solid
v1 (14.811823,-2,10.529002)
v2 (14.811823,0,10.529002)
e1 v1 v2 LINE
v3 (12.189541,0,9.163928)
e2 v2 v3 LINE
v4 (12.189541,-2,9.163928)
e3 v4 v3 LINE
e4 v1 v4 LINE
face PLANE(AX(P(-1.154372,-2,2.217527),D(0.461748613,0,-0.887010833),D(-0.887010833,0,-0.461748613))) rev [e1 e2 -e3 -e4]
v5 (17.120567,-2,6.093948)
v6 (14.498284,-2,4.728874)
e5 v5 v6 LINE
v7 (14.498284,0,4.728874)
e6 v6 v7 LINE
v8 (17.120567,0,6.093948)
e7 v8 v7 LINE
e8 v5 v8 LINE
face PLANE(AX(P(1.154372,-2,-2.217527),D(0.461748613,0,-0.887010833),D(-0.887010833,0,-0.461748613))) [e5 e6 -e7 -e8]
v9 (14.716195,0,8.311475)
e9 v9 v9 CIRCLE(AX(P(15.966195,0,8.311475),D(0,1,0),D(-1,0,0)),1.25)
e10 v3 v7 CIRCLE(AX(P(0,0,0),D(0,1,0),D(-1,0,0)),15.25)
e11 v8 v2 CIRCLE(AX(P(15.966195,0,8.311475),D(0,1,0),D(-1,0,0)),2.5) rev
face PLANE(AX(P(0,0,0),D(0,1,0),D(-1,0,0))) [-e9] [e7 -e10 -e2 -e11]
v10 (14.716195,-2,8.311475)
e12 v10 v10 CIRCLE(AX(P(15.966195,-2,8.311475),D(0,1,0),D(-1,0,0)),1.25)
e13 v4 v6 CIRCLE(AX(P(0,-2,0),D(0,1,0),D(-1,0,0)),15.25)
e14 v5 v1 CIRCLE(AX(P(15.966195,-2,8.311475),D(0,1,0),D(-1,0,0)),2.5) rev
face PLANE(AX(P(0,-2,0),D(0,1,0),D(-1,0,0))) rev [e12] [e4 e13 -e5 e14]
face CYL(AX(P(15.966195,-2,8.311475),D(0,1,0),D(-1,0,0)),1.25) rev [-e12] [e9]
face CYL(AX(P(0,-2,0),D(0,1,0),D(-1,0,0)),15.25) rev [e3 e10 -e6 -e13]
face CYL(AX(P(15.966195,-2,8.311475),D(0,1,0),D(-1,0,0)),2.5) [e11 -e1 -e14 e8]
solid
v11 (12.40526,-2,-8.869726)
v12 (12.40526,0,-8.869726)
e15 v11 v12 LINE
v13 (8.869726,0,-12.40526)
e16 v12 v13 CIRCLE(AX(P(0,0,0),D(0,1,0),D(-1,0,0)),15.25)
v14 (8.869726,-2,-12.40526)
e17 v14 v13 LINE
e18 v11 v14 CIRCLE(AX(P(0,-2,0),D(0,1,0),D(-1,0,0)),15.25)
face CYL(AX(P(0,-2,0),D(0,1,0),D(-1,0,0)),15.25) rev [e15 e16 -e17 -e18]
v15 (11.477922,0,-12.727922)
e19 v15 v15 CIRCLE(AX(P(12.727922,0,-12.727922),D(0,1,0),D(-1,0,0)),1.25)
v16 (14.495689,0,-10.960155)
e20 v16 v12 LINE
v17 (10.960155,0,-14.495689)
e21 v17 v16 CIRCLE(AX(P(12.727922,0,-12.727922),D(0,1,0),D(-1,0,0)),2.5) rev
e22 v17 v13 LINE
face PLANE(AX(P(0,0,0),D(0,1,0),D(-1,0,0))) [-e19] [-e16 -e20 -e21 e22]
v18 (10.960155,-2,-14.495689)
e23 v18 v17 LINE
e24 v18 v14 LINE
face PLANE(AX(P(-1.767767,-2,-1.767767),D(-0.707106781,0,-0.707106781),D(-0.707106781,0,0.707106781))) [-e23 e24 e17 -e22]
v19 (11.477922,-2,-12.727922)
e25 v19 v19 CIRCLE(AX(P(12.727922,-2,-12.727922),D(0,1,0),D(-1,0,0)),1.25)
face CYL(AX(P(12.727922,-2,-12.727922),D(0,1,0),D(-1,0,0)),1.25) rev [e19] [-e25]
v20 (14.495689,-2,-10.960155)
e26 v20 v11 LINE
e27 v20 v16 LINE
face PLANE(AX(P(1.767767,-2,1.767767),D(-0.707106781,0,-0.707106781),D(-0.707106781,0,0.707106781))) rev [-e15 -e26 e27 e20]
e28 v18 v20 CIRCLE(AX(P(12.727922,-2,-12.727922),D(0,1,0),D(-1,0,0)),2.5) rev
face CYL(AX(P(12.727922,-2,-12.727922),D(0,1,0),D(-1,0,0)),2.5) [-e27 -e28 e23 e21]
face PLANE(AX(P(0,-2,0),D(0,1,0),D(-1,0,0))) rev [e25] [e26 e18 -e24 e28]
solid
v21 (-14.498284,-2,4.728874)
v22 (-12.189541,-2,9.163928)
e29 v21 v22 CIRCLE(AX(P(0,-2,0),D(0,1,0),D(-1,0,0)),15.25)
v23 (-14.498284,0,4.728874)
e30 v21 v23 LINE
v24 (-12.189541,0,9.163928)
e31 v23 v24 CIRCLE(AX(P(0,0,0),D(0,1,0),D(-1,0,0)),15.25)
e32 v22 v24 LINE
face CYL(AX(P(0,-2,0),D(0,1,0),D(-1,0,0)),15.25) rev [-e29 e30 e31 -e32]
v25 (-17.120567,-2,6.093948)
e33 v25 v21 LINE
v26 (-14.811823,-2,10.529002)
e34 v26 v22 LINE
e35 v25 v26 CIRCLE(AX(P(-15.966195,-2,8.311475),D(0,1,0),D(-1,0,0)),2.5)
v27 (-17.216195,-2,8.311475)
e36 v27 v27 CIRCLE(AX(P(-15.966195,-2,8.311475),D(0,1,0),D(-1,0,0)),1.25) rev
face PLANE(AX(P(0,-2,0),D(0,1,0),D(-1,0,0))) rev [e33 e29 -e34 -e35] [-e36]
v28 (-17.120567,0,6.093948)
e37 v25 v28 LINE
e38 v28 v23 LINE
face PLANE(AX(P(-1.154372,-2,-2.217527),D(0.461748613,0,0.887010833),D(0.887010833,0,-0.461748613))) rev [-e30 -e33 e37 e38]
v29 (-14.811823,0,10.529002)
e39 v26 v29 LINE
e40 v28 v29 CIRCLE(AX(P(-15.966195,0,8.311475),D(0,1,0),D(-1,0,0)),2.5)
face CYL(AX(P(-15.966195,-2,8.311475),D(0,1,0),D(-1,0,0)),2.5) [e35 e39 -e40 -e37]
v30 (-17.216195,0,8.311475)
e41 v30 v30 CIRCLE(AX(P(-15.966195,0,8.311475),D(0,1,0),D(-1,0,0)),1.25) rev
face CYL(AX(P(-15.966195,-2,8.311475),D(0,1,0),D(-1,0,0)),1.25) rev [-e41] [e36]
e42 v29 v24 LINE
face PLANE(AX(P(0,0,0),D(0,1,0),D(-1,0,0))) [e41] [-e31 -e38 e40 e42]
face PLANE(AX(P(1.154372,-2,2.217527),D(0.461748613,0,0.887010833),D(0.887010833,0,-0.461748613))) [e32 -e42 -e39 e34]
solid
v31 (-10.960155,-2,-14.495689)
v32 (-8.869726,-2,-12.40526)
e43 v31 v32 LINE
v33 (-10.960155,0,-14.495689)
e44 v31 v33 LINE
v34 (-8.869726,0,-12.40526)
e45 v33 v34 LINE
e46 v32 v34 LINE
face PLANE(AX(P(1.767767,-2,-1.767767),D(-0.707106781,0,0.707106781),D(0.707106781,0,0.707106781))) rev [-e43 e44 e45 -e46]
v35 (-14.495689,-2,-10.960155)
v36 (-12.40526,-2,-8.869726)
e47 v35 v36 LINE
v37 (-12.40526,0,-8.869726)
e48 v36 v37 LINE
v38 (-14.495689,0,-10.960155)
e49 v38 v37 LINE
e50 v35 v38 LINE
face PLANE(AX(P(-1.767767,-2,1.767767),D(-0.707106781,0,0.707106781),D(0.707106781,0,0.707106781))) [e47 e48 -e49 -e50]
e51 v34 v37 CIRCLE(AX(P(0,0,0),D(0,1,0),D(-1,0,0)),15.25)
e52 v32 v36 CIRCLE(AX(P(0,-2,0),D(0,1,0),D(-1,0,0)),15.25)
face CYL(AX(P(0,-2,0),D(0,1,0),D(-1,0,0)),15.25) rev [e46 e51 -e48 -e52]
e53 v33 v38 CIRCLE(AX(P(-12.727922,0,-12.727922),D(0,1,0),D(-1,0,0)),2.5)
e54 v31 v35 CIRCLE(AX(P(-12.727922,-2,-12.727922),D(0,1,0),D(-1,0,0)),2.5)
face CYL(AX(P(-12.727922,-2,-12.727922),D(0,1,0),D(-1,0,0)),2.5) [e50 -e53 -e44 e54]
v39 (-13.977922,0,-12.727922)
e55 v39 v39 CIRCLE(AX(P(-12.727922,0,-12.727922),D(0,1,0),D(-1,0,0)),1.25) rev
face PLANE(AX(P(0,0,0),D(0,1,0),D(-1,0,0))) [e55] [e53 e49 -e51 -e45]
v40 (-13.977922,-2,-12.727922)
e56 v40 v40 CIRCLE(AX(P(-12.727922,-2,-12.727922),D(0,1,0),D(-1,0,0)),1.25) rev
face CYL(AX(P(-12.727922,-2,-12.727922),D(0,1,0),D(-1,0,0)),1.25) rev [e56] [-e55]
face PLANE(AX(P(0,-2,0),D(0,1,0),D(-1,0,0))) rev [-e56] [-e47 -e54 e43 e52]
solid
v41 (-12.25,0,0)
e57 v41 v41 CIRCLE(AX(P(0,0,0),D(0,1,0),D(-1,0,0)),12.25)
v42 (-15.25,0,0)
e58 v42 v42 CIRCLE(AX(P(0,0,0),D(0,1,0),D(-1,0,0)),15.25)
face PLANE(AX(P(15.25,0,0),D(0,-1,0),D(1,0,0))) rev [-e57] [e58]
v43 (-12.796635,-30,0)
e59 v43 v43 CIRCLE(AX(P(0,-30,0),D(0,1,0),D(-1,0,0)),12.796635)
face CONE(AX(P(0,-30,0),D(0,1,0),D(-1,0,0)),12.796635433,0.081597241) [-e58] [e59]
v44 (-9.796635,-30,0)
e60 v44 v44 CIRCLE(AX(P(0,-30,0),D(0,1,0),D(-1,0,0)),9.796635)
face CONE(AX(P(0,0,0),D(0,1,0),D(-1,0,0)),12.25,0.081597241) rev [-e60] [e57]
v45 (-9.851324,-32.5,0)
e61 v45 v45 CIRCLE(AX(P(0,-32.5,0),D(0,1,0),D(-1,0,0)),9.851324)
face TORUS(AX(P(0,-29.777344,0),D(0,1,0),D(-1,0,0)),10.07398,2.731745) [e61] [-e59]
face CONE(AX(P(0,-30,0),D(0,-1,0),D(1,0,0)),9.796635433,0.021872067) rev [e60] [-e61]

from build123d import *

# Parameters (mm, degrees)
CROQUIS3_R                = 1.25
SALIENTE_EXTRUIR1_DEPTH   = 2
SALIENTE_EXTRUIR1_2_DEPTH = 2
SALIENTE_EXTRUIR1_3_DEPTH = 2
SALIENTE_EXTRUIR1_4_DEPTH = 2


with BuildPart() as part:
    # Croquis2 → Revolución1 (revolve)
    with BuildSketch(Plane.XY, mode=Mode.PRIVATE) as revoluci_n1_sk:
        with BuildLine():
            Line((15.25, 0), (12.25, 0))
            Line((12.25, 0), (9.796635433, -30))
            Line((9.796635433, -30), (9.851324322, -32.5))
            ThreePointArc((9.851324322, -32.5), (11.841746831, -31.859993904), (12.796635433, -30))
            Line((12.796635433, -30), (15.25, 0))
        make_face()
    revolve(revoluci_n1_sk.sketch.rotate(Axis((0, 0, 0), (0, -1, 0)), 180), axis=Axis((0, 0, 0), (0, -1, 0)))


with BuildPart() as body_2:
    # Croquis3 → Saliente-Extruir1 (new body)
    with BuildSketch(Plane(origin=(0, 0, 0), x_dir=(1, 0, 0), z_dir=(0, 1, 0))):
        with BuildLine():
            ThreePointArc((14.495689014, 10.960155108), (14.495689014, 14.495689014), (10.960155108, 14.495689014))
            Line((10.960155108, 14.495689014), (8.869725703, 12.405259609))
            ThreePointArc((8.869725703, 12.405259609), (10.783378413, 10.783378413), (12.405259609, 8.869725703))
            Line((12.405259609, 8.869725703), (14.495689014, 10.960155108))
        make_face()
        with Locations(Location((12.727922061, 12.727922061, 0), (0, 0, 180))):
            Circle(CROQUIS3_R, mode=Mode.SUBTRACT)
    extrude(amount=-SALIENTE_EXTRUIR1_DEPTH)


with BuildPart() as body_3:
    # Croquis3 → Saliente-Extruir1 2 (new body)
    with BuildSketch(Plane(origin=(0, 0, 0), x_dir=(1, 0, 0), z_dir=(0, 1, 0))):
        with BuildLine():
            ThreePointArc((-12.405259609, 8.869725703), (-10.783378413, 10.783378413), (-8.869725703, 12.405259609))
            Line((-8.869725703, 12.405259609), (-10.960155108, 14.495689014))
            ThreePointArc((-10.960155108, 14.495689014), (-14.495689014, 14.495689014), (-14.495689014, 10.960155108))
            Line((-14.495689014, 10.960155108), (-12.405259609, 8.869725703))
        make_face()
        with Locations(Location((-12.727922061, 12.727922061, 0), (0, 0, 180))):
            Circle(CROQUIS3_R, mode=Mode.SUBTRACT)
    extrude(amount=-SALIENTE_EXTRUIR1_2_DEPTH)


with BuildPart() as body_4:
    # Croquis3 → Saliente-Extruir1 3 (new body)
    with BuildSketch(Plane(origin=(0, 0, 0), x_dir=(1, 0, 0), z_dir=(0, 1, 0))):
        with BuildLine():
            ThreePointArc((-12.18954126, -9.163928408), (-13.526915206, -7.041666352), (-14.498284326, -4.728874243))
            Line((-14.498284326, -4.728874243), (-17.12056653, -6.093947955))
            ThreePointArc((-17.12056653, -6.093947955), (-18.18372208, -9.465846571), (-14.811823464, -10.529002121))
            Line((-14.811823464, -10.529002121), (-12.18954126, -9.163928408))
        make_face()
        with Locations(Location((-15.966194997, -8.311475038, 0), (0, 0, 180))):
            Circle(CROQUIS3_R, mode=Mode.SUBTRACT)
    extrude(amount=-SALIENTE_EXTRUIR1_3_DEPTH)


with BuildPart() as body_5:
    # Croquis3 → Saliente-Extruir1 4 (new body)
    with BuildSketch(Plane(origin=(0, 0, 0), x_dir=(1, 0, 0), z_dir=(0, 1, 0))):
        with BuildLine():
            Line((17.12056653, -6.093947955), (14.498284326, -4.728874243))
            ThreePointArc((14.498284326, -4.728874243), (13.526915206, -7.041666352), (12.18954126, -9.163928408))
            Line((12.18954126, -9.163928408), (14.811823464, -10.529002121))
            ThreePointArc((14.811823464, -10.529002121), (18.18372208, -9.465846571), (17.12056653, -6.093947955))
        make_face()
        with Locations(Location((15.966194997, -8.311475038, 0), (0, 0, 180))):
            Circle(CROQUIS3_R, mode=Mode.SUBTRACT)
    extrude(amount=-SALIENTE_EXTRUIR1_4_DEPTH)


solid = Compound([part.part, body_2.part, body_3.part, body_4.part, body_5.part])
